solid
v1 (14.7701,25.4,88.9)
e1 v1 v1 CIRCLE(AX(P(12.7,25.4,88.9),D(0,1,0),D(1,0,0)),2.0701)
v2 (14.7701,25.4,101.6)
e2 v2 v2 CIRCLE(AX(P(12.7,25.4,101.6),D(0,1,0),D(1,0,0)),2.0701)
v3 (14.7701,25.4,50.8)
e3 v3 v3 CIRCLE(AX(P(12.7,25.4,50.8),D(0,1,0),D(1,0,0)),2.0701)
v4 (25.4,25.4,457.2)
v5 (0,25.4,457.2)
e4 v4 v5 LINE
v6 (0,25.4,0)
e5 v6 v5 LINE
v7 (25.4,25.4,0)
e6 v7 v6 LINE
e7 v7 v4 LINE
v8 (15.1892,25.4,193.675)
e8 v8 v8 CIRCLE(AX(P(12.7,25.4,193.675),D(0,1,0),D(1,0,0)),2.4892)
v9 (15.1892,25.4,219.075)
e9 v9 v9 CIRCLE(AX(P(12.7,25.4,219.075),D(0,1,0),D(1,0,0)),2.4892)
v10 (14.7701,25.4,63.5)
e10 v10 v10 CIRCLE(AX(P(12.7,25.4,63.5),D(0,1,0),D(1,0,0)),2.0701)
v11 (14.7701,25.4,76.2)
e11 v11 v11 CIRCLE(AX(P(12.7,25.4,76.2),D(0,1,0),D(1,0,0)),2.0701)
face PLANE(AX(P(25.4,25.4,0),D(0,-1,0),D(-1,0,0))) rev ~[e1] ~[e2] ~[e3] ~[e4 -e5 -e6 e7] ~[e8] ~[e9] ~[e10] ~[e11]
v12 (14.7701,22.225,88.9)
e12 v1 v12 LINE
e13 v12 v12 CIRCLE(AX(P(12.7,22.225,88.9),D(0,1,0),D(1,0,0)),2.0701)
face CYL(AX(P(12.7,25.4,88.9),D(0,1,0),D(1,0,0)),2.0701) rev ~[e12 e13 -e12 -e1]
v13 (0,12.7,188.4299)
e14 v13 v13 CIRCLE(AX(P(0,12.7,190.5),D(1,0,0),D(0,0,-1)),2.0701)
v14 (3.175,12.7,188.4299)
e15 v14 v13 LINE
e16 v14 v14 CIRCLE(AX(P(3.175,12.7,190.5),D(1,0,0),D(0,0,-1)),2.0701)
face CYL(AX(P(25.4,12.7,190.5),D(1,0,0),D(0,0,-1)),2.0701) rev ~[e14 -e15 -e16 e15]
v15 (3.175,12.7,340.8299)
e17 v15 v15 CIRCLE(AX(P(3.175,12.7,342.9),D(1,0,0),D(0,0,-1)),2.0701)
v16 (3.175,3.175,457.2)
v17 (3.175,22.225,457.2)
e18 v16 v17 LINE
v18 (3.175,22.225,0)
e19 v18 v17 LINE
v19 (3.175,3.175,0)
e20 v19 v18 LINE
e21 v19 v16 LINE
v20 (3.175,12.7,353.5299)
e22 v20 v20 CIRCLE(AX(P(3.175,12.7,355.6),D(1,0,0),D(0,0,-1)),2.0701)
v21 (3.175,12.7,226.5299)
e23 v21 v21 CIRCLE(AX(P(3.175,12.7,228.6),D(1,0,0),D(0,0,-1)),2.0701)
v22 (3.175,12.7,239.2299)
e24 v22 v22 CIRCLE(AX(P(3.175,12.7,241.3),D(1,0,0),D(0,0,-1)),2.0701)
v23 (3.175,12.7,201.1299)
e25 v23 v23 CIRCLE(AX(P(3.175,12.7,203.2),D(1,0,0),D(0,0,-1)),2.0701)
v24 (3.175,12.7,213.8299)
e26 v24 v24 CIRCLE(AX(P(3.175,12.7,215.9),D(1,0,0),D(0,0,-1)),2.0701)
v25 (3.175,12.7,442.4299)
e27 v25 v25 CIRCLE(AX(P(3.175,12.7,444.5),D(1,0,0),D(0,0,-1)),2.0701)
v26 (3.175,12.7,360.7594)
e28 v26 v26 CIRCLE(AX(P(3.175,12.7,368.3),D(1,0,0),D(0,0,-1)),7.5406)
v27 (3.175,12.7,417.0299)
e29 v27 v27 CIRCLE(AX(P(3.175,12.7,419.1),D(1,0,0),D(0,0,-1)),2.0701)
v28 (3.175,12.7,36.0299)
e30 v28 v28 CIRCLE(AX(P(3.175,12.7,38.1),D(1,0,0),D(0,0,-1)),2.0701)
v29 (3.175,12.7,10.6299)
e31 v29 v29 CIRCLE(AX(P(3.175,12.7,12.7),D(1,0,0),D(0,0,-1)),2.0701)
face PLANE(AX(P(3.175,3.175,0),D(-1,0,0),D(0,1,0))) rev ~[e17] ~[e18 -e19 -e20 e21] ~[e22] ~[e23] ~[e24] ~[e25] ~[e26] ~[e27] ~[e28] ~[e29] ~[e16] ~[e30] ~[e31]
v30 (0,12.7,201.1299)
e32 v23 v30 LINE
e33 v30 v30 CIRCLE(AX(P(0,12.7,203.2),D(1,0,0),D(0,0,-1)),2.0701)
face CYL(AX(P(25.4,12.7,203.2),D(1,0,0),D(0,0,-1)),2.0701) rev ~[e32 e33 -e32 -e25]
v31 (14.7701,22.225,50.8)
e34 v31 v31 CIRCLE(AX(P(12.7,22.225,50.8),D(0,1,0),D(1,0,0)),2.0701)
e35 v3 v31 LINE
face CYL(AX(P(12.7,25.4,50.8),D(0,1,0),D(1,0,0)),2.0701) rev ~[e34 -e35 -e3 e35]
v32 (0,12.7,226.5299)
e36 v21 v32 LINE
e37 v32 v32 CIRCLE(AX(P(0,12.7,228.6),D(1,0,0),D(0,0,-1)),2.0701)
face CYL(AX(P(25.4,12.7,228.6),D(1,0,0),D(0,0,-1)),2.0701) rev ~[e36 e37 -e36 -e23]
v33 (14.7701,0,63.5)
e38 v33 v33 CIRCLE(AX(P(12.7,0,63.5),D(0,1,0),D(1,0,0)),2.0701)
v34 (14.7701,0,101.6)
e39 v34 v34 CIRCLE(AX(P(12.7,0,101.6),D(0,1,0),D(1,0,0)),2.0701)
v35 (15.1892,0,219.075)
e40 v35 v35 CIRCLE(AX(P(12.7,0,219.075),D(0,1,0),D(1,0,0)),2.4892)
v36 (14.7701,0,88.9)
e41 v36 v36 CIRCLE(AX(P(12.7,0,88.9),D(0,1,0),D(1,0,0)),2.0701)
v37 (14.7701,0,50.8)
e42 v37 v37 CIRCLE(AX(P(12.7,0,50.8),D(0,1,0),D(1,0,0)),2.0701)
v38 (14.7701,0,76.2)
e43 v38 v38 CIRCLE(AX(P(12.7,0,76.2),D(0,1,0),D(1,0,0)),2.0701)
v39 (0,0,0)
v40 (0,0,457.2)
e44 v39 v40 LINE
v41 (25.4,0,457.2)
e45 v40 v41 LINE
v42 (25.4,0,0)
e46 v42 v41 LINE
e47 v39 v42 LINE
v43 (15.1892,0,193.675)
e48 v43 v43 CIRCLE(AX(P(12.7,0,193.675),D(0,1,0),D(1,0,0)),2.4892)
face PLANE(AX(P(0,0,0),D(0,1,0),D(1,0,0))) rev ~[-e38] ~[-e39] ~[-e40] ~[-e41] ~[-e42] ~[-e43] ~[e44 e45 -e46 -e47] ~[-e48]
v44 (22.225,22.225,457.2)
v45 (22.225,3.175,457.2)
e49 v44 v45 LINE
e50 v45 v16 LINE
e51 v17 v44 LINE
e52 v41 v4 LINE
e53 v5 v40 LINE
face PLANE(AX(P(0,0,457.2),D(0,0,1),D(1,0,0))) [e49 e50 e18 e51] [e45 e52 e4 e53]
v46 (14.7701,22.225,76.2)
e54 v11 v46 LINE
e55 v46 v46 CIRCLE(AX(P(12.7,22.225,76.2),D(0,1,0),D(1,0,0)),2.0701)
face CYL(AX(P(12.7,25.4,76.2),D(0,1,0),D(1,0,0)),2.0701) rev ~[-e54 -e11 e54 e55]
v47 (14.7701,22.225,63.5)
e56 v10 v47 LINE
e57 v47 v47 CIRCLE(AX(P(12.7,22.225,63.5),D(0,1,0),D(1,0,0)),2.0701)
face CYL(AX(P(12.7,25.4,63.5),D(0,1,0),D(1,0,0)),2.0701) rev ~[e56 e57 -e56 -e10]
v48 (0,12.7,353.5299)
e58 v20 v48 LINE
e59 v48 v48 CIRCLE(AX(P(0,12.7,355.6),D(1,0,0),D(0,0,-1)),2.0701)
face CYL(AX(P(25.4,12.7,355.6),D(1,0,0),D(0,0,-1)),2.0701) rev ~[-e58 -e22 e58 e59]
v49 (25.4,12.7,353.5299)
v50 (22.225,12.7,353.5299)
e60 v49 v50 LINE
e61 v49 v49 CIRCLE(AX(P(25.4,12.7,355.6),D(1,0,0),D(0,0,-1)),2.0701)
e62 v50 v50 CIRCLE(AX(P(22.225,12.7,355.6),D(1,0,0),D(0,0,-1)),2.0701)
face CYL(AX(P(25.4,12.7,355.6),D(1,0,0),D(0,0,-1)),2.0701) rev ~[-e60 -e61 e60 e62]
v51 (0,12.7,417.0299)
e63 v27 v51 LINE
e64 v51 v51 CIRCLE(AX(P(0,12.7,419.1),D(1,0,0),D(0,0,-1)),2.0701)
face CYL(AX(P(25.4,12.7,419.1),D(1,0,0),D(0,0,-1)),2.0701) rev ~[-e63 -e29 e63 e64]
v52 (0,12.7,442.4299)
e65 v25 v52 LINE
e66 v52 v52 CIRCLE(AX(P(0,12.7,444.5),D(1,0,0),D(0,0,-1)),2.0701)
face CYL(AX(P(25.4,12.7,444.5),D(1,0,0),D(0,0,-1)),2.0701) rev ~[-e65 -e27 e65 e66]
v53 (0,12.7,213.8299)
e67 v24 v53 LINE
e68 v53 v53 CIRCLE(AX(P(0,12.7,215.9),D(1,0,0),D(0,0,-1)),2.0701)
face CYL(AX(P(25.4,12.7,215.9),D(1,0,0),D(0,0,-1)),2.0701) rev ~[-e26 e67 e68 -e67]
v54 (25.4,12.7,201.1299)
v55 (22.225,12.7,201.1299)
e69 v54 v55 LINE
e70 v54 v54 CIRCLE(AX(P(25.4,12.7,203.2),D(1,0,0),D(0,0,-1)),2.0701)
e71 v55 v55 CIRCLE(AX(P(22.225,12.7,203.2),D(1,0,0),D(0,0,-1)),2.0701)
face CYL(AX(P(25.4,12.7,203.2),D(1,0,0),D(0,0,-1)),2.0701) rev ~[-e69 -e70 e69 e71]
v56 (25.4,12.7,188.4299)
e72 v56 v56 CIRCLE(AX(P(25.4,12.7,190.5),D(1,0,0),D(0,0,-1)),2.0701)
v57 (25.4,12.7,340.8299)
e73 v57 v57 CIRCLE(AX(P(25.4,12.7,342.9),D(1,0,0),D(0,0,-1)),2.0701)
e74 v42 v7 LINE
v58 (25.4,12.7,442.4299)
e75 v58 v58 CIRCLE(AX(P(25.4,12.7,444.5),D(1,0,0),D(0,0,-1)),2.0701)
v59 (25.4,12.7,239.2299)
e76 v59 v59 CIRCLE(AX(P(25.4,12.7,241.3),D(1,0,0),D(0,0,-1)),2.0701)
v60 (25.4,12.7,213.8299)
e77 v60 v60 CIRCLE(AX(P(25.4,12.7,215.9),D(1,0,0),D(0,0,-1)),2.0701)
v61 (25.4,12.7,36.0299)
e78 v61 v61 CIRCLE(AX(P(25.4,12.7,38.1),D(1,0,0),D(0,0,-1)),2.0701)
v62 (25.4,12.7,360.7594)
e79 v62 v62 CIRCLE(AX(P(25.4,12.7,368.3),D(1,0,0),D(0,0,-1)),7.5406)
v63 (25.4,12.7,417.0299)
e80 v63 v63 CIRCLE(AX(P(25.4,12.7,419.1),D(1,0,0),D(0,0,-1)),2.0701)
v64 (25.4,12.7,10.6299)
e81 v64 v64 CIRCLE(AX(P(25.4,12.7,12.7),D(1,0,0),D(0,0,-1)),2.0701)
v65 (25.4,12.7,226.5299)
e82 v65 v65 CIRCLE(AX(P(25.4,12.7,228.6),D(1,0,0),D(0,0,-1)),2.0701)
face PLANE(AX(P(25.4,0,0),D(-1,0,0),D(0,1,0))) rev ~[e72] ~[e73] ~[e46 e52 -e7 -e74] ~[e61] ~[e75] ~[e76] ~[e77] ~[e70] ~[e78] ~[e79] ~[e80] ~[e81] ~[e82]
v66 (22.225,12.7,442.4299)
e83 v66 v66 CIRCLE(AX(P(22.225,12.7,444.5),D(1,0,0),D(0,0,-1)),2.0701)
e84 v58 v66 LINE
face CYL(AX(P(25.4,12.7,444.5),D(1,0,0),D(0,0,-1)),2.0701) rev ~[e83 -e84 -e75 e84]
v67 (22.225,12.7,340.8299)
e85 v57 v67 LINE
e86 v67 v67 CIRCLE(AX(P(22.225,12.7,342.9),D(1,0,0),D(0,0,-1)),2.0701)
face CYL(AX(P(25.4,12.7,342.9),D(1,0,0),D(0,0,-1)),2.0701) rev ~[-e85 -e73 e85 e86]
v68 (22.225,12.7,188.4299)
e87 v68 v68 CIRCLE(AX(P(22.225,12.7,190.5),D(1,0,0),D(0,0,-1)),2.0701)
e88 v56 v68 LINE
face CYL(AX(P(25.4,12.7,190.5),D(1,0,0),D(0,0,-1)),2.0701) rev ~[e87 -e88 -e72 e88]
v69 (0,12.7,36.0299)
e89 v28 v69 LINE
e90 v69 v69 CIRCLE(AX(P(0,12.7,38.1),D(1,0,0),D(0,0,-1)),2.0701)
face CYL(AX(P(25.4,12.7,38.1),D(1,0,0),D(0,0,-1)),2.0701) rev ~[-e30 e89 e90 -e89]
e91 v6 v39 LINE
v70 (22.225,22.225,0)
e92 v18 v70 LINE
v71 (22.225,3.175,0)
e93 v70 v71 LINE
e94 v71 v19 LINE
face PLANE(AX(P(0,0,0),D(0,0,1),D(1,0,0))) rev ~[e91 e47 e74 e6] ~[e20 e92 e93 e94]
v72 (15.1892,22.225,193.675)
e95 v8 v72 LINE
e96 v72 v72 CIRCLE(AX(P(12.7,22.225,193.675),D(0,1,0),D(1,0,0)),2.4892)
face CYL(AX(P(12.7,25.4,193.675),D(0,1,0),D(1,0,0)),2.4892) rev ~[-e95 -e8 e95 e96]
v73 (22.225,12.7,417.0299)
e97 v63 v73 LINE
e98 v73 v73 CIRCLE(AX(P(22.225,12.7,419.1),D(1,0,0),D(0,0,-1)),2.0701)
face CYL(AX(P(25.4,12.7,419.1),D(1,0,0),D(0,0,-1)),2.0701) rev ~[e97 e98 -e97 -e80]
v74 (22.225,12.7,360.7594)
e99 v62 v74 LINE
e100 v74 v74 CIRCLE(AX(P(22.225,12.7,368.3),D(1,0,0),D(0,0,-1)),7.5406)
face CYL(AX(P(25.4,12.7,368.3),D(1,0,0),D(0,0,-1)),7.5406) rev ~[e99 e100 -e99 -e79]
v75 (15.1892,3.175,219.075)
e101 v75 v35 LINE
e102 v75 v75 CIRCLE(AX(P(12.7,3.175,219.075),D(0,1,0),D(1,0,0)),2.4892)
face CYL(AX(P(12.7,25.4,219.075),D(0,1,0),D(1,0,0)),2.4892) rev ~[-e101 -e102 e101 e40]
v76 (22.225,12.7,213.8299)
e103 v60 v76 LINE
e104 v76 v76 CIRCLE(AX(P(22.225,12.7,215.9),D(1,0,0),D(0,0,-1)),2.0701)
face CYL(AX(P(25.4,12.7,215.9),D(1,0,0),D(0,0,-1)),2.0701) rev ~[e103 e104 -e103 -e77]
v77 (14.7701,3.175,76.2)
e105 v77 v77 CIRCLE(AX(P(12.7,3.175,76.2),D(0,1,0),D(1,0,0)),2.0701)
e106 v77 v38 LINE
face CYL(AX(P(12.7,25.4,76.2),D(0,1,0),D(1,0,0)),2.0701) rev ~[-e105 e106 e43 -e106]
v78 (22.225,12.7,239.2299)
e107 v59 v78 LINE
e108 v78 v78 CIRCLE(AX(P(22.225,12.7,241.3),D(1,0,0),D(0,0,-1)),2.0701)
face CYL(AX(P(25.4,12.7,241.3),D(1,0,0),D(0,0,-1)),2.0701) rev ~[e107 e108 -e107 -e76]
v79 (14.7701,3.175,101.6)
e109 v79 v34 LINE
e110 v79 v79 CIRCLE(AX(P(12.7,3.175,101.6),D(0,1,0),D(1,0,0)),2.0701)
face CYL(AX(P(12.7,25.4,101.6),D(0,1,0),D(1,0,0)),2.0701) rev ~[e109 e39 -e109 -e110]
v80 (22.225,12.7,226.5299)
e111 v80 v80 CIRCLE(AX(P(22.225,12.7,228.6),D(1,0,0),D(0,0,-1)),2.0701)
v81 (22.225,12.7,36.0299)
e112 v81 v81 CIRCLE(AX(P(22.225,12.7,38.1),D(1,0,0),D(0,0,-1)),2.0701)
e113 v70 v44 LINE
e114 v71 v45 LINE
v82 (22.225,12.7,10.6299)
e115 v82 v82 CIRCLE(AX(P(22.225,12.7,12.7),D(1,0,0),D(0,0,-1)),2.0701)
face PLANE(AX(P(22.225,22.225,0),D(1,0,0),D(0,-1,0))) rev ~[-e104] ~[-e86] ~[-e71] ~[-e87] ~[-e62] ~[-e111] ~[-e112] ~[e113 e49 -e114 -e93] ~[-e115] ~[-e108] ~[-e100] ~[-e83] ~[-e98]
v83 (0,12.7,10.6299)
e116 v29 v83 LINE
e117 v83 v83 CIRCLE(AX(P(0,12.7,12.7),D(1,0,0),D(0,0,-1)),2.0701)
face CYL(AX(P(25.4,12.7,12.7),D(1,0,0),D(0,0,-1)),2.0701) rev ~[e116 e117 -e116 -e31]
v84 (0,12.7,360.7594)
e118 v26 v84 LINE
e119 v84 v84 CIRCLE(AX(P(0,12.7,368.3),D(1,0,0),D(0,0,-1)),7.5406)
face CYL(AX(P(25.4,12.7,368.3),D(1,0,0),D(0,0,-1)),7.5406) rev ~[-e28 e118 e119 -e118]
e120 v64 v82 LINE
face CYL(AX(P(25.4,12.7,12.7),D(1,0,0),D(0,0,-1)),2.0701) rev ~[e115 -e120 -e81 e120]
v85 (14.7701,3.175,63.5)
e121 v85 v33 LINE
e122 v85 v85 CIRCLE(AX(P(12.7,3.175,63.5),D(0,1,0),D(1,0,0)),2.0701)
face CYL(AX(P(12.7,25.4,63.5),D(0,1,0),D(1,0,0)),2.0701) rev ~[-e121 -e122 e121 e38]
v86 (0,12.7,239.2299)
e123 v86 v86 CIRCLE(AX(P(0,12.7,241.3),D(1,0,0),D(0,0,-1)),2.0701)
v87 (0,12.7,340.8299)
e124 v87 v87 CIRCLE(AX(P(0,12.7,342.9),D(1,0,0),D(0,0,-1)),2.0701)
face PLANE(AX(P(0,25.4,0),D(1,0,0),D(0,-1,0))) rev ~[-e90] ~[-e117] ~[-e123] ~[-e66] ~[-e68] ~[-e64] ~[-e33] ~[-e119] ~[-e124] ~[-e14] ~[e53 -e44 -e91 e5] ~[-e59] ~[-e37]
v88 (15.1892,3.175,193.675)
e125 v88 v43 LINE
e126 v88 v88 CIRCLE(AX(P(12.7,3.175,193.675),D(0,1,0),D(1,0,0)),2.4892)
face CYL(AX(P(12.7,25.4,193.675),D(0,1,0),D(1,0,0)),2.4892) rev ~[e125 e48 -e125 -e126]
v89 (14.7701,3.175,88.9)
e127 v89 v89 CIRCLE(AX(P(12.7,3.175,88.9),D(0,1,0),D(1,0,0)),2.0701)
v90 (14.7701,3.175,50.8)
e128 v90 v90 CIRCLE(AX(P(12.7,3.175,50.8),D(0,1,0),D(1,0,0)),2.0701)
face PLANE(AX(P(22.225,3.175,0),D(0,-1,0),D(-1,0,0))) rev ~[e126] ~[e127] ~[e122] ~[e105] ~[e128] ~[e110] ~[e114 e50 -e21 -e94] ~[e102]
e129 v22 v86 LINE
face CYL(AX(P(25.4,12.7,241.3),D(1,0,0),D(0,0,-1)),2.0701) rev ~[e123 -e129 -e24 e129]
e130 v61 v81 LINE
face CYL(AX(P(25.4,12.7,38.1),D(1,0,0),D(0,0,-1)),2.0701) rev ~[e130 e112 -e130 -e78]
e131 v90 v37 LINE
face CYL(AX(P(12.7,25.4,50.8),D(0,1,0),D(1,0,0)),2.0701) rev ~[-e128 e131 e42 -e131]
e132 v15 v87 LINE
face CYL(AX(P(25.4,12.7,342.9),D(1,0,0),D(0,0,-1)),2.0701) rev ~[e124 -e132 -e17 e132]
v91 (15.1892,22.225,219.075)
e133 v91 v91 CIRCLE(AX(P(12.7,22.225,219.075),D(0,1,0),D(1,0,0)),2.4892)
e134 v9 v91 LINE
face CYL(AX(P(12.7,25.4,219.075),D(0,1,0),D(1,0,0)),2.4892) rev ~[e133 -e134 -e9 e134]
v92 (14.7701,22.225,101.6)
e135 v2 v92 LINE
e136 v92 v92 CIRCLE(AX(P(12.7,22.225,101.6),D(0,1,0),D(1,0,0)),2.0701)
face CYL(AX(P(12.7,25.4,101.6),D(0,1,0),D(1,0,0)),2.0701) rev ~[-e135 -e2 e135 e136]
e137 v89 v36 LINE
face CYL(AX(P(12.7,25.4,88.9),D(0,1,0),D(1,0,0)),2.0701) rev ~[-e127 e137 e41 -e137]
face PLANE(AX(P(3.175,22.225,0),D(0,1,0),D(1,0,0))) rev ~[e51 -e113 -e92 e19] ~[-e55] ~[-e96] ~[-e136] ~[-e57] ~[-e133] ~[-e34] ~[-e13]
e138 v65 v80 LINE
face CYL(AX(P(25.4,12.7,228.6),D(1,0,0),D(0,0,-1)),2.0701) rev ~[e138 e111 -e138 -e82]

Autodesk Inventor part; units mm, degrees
ref_plane "YZ Plane" through (0, 0, 0) normal (1, 0, 0) x (0, 1, 0)
ref_plane "XZ Plane" through (0, 0, 0) normal (0, 1, 0) x (-1, 0, 0)
ref_plane "XY Plane" through (0, 0, 0) normal (0, 0, 1) x (1, 0, 0)
sketch "Sketch1" plane through (0, 0, 0) normal (0, 0, 1) x (1, 0, 0)
  line L0 (0, 0) -> (25.4, 0)
  line L1 (25.4, 0) -> (25.4, 25.4)
  line L2 (25.4, 25.4) -> (0, 25.4)
  line L3 (0, 25.4) -> (0, 0)
  line L4 (3.175, 22.225) -> (22.225, 22.225)
  line L5 (22.225, 22.225) -> (22.225, 3.175)
  line L6 (22.225, 3.175) -> (3.175, 3.175)
  line L7 (3.175, 3.175) -> (3.175, 22.225)
  dimension "d0" = 25.4
  dimension "d1" = 25.4
  dimension "d2" = 3.175
extrude "Extrusion1" add sketch "Sketch1" along normal blind 457.2
sketch "Sketch2" plane through (25.4, 0, 0) normal (1, 0, 0) x (0, 0, -1)
  line L0 (0, 0) -> (0, 25.4) projected
  line L1 (-457.2, 0) -> (-457.2, 25.4) projected
  line L2 (0, 0) -> (-457.2, 0) projected
  circle A0 centre (-444.5, 12.7) radius 2.0701
  circle A1 centre (-419.1, 12.7) radius 2.0701
  circle A2 centre (-355.6, 12.7) radius 2.0701
  circle A3 centre (-342.9, 12.7) radius 2.0701
  circle A4 centre (-368.3, 12.7) radius 7.5406
  circle A5 centre (-241.3, 12.7) radius 2.0701
  circle A6 centre (-228.6, 12.7) radius 2.0701
  circle A7 centre (-215.9, 12.7) radius 2.0701
  circle A8 centre (-203.2, 12.7) radius 2.0701
  circle A9 centre (-190.5, 12.7) radius 2.0701
  circle A10 centre (-12.7, 12.7) radius 2.0701
  circle A11 centre (-38.1, 12.7) radius 2.0701
  dimension "d5" = 4.1402
  dimension "d6" = 12.7
  dimension "d7" = 12.7
  dimension "d10" = 25.4
  dimension "d15" = 12.7
  dimension "d16" = 63.5
  dimension "d19" = 12.7
  dimension "d24" = 15.0813
  dimension "d25" = 25.4
  dimension "d26" = 12.7
  dimension "d27" = 101.6
  dimension "d28" = 12.7
  dimension "d31" = 12.7
  dimension "d36" = 12.7
  dimension "d37" = 12.7
  dimension "d40" = 25.4
extrude "Extrusion2" cut sketch "Sketch2" against normal blind 457.2
sketch "Sketch3" plane through (0, 25.4, 0) normal (0, 1, 0) x (1, 0, 0)
  line L0 (25.4, 0) -> (0, 0) projected
  line L1 (25.4, -457.2) -> (0, -457.2) projected
  line L2 (25.4, 0) -> (25.4, -457.2) projected
  circle A0 centre (12.7, -219.075) radius 2.4892
  circle A1 centre (12.7, -193.675) radius 2.4892
  circle A2 centre (12.7, -50.8) radius 2.0701
  circle A3 centre (12.7, -63.5) radius 2.0701
  circle A4 centre (12.7, -76.2) radius 2.0701
  circle A5 centre (12.7, -88.9) radius 2.0701
  circle A6 centre (12.7, -101.6) radius 2.0701
  dimension "d47" = 4.9784
  dimension "d48" = 238.125
  dimension "d49" = 12.7
  dimension "d52" = 25.4
  dimension "d57" = 4.1402
  dimension "d58" = 12.7
  dimension "d59" = 50.8
  dimension "d62" = 12.7
extrude "Extrusion3" cut sketch "Sketch3" against normal blind 457.2
properties part number "Roller Bar 18 in Segment (2)"
